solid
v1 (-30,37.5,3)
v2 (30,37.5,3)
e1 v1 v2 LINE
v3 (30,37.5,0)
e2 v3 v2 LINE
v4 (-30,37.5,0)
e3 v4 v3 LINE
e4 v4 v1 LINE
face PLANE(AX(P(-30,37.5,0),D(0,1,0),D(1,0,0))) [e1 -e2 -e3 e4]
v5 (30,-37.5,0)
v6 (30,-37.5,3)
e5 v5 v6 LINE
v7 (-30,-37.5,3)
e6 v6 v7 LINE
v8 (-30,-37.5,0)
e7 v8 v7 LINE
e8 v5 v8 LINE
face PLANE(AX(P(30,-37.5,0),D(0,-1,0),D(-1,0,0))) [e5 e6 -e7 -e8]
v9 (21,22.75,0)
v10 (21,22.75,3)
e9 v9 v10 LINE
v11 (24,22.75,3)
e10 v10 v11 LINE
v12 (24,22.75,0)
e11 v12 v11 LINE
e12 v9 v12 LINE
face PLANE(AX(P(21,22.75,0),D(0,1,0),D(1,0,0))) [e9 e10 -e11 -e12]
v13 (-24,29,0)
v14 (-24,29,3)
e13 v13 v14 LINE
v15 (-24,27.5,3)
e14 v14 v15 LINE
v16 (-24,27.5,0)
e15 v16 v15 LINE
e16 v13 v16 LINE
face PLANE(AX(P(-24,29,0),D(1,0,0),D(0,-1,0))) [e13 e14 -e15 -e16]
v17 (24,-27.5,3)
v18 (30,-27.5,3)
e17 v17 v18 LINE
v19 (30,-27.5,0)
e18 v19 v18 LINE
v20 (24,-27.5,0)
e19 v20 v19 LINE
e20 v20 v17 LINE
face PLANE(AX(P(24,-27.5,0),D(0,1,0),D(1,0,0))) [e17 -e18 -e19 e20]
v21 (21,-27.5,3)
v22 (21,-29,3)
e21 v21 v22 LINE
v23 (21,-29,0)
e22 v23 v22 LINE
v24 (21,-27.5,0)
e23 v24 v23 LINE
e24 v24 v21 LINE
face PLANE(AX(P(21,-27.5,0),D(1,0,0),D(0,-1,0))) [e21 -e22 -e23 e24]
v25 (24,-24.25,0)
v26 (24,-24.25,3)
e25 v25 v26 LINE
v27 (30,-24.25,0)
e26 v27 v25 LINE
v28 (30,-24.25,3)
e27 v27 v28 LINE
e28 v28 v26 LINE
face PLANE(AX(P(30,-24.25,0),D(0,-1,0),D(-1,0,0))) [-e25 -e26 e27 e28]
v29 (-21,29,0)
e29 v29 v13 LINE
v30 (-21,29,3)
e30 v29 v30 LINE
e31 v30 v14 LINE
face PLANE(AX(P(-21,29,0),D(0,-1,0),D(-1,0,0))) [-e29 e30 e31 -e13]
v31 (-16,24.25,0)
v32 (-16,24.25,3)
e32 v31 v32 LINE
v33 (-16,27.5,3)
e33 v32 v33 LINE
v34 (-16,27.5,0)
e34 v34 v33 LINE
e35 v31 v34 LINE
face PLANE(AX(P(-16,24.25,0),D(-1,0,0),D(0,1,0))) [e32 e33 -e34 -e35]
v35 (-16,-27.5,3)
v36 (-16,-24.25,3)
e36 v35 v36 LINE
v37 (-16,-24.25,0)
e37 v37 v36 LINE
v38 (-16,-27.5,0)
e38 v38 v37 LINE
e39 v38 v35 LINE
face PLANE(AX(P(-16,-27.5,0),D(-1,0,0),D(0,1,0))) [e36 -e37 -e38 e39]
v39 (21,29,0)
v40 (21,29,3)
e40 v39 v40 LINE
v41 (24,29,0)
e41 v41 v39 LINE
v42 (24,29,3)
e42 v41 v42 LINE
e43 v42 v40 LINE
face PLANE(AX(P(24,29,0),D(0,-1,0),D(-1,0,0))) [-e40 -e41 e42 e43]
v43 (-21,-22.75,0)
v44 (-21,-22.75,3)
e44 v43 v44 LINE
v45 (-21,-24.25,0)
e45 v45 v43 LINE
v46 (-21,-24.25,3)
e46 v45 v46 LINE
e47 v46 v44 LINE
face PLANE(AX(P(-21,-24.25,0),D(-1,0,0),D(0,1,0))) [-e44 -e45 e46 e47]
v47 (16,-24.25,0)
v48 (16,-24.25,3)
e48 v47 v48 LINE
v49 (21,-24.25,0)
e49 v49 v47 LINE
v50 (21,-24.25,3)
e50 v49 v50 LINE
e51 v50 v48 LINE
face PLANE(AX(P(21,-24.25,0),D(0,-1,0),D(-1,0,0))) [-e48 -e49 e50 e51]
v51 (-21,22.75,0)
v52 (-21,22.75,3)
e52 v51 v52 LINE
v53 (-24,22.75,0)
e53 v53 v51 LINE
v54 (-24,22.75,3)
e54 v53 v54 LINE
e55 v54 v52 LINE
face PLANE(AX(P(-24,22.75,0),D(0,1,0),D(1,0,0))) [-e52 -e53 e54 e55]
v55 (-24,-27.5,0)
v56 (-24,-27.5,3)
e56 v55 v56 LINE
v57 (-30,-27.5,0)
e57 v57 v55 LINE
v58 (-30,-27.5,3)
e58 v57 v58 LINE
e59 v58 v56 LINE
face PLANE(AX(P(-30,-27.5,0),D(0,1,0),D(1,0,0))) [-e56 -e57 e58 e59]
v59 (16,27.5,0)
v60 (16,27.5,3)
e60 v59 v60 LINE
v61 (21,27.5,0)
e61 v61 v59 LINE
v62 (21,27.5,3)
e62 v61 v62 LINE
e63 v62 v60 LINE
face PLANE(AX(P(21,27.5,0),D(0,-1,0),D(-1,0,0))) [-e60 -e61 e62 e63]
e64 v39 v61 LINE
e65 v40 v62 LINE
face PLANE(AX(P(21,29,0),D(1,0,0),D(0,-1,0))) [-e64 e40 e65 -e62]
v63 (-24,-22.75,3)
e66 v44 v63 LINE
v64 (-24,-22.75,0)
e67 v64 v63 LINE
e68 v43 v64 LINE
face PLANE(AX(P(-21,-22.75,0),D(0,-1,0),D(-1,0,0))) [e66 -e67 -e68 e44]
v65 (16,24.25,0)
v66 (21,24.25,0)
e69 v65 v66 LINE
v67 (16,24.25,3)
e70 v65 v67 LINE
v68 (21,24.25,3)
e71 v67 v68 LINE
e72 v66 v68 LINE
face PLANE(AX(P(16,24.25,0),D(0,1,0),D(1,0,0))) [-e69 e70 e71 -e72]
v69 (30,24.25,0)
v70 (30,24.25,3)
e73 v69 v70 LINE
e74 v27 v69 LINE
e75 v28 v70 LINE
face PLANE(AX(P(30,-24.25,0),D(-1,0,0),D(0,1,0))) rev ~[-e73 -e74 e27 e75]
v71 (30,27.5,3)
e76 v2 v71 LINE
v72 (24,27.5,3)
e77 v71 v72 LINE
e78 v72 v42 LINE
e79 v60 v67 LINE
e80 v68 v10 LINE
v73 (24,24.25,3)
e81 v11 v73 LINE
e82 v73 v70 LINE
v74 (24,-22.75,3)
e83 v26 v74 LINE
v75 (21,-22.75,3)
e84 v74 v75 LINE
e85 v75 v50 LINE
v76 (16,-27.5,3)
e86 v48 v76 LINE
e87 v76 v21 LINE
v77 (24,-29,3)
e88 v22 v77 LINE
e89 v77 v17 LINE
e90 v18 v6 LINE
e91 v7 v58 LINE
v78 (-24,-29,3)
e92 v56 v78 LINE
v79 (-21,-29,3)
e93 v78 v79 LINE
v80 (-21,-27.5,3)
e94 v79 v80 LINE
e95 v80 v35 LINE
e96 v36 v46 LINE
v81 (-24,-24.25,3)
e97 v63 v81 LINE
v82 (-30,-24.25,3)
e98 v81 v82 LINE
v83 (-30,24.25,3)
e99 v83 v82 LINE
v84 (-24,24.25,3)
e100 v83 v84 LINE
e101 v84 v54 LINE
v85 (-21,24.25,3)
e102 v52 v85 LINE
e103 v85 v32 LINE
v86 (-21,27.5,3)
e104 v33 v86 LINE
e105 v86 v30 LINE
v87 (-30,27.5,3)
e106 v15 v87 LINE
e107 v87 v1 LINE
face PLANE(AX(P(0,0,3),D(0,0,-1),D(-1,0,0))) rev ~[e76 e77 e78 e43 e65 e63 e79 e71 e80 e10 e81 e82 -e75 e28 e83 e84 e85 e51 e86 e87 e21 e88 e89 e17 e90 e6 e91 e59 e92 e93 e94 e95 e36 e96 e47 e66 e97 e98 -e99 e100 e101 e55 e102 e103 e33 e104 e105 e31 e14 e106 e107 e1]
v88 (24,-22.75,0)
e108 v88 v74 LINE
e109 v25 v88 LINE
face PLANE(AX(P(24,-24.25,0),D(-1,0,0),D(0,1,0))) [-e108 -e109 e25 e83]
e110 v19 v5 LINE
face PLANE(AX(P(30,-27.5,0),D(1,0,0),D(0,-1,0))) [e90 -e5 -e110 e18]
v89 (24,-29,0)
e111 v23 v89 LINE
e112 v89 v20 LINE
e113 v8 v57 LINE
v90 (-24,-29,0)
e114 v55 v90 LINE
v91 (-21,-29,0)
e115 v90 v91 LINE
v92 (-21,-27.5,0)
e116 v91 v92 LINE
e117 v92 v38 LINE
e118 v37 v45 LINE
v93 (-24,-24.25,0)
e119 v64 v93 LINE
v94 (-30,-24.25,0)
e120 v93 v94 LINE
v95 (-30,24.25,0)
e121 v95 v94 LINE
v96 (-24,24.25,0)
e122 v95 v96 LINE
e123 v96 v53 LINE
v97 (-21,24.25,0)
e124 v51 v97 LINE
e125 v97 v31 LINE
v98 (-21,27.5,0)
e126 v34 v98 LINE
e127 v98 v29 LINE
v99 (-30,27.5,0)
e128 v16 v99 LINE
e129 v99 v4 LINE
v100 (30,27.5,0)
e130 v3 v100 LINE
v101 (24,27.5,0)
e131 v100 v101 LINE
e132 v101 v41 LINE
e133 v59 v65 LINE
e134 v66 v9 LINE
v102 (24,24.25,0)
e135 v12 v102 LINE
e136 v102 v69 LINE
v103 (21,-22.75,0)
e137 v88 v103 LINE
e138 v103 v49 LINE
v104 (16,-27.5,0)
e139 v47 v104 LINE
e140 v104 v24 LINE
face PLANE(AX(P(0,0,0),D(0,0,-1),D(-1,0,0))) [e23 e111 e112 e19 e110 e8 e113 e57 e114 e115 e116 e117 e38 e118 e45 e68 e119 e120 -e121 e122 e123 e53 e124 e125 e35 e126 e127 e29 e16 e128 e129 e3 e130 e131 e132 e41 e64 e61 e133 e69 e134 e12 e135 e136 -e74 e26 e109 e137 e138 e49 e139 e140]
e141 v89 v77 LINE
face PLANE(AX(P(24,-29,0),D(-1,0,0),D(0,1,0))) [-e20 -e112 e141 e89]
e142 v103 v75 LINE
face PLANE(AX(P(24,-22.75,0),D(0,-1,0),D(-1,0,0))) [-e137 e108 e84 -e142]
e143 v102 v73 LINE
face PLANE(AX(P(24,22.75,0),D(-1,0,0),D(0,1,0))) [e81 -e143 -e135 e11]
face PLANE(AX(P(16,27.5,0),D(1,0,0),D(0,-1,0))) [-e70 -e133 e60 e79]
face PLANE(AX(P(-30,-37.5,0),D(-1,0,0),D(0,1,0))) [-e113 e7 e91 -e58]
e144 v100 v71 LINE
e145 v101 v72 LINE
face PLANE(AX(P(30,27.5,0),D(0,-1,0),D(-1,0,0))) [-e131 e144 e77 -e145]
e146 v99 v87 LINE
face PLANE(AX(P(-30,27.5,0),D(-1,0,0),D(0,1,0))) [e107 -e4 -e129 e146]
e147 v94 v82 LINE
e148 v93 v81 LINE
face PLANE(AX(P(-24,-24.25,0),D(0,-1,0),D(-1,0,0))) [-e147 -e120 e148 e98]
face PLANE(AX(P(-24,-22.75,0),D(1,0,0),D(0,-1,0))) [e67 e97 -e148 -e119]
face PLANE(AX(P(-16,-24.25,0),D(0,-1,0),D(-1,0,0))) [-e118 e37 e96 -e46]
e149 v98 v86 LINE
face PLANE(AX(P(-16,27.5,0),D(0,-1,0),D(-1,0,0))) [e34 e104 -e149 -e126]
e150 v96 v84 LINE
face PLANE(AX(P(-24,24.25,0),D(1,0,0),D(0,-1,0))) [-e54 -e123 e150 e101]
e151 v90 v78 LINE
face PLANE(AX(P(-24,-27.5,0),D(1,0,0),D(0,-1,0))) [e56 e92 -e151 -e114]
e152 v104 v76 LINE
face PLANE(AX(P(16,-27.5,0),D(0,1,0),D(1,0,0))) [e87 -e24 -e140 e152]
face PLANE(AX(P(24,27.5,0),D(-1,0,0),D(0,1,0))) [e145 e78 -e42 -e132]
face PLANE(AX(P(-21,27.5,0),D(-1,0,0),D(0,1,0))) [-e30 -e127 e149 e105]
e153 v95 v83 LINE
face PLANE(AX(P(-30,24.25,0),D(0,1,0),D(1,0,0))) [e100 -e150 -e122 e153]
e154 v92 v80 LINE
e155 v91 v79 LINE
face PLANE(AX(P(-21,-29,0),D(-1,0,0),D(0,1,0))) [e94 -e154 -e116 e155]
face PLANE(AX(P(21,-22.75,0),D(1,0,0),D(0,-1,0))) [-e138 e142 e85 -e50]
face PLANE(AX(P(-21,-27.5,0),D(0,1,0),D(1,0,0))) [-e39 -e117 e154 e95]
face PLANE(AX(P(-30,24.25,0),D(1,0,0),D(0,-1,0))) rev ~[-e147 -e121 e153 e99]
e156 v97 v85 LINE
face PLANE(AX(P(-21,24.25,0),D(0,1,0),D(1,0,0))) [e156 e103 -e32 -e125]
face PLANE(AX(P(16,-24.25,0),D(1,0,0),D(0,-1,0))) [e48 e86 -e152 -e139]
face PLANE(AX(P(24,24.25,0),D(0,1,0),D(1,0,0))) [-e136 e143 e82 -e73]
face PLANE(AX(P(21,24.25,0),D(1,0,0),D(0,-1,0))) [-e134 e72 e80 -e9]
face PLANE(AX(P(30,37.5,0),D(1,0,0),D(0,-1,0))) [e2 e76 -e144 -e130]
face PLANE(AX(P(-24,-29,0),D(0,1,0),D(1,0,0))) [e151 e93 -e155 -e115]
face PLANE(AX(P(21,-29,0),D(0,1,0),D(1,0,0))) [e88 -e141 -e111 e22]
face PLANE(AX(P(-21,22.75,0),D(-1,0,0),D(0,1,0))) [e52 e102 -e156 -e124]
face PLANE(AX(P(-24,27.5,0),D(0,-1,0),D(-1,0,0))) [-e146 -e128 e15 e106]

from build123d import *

# Parameters (mm, degrees)
BOSS_EXTRU_1_DEPTH = 3


with BuildPart() as part:
    # Esquisse1 → Boss.-Extru.1 (new body)
    with BuildSketch(Plane.XY):
        Polygon((-30, 37.5), (30, 37.5), (30, 27.5), (24, 27.5), (24, 29), (21, 29), (21, 27.5), (16, 27.5), (16, 24.25), (21, 24.25), (21, 22.75), (24, 22.75), (24, 24.25), (30, 24.25), (30, 12.5), (30, -12.5), (30, -24.25), (24, -24.25), (24, -22.75), (21, -22.75), (21, -24.25), (16, -24.25), (16, -27.5), (21, -27.5), (21, -29), (24, -29), (24, -27.5), (30, -27.5), (30, -37.5), (-30, -37.5), (-30, -27.5), (-24, -27.5), (-24, -29), (-21, -29), (-21, -27.5), (-16, -27.5), (-16, -24.25), (-21, -24.25), (-21, -22.75), (-24, -22.75), (-24, -24.25), (-30, -24.25), (-30, -12.5), (-30, 12.5), (-30, 24.25), (-24, 24.25), (-24, 22.75), (-21, 22.75), (-21, 24.25), (-16, 24.25), (-16, 27.5), (-21, 27.5), (-21, 29), (-24, 29), (-24, 27.5), (-30, 27.5), align=None)
    extrude(amount=BOSS_EXTRU_1_DEPTH)


solid = part.part
